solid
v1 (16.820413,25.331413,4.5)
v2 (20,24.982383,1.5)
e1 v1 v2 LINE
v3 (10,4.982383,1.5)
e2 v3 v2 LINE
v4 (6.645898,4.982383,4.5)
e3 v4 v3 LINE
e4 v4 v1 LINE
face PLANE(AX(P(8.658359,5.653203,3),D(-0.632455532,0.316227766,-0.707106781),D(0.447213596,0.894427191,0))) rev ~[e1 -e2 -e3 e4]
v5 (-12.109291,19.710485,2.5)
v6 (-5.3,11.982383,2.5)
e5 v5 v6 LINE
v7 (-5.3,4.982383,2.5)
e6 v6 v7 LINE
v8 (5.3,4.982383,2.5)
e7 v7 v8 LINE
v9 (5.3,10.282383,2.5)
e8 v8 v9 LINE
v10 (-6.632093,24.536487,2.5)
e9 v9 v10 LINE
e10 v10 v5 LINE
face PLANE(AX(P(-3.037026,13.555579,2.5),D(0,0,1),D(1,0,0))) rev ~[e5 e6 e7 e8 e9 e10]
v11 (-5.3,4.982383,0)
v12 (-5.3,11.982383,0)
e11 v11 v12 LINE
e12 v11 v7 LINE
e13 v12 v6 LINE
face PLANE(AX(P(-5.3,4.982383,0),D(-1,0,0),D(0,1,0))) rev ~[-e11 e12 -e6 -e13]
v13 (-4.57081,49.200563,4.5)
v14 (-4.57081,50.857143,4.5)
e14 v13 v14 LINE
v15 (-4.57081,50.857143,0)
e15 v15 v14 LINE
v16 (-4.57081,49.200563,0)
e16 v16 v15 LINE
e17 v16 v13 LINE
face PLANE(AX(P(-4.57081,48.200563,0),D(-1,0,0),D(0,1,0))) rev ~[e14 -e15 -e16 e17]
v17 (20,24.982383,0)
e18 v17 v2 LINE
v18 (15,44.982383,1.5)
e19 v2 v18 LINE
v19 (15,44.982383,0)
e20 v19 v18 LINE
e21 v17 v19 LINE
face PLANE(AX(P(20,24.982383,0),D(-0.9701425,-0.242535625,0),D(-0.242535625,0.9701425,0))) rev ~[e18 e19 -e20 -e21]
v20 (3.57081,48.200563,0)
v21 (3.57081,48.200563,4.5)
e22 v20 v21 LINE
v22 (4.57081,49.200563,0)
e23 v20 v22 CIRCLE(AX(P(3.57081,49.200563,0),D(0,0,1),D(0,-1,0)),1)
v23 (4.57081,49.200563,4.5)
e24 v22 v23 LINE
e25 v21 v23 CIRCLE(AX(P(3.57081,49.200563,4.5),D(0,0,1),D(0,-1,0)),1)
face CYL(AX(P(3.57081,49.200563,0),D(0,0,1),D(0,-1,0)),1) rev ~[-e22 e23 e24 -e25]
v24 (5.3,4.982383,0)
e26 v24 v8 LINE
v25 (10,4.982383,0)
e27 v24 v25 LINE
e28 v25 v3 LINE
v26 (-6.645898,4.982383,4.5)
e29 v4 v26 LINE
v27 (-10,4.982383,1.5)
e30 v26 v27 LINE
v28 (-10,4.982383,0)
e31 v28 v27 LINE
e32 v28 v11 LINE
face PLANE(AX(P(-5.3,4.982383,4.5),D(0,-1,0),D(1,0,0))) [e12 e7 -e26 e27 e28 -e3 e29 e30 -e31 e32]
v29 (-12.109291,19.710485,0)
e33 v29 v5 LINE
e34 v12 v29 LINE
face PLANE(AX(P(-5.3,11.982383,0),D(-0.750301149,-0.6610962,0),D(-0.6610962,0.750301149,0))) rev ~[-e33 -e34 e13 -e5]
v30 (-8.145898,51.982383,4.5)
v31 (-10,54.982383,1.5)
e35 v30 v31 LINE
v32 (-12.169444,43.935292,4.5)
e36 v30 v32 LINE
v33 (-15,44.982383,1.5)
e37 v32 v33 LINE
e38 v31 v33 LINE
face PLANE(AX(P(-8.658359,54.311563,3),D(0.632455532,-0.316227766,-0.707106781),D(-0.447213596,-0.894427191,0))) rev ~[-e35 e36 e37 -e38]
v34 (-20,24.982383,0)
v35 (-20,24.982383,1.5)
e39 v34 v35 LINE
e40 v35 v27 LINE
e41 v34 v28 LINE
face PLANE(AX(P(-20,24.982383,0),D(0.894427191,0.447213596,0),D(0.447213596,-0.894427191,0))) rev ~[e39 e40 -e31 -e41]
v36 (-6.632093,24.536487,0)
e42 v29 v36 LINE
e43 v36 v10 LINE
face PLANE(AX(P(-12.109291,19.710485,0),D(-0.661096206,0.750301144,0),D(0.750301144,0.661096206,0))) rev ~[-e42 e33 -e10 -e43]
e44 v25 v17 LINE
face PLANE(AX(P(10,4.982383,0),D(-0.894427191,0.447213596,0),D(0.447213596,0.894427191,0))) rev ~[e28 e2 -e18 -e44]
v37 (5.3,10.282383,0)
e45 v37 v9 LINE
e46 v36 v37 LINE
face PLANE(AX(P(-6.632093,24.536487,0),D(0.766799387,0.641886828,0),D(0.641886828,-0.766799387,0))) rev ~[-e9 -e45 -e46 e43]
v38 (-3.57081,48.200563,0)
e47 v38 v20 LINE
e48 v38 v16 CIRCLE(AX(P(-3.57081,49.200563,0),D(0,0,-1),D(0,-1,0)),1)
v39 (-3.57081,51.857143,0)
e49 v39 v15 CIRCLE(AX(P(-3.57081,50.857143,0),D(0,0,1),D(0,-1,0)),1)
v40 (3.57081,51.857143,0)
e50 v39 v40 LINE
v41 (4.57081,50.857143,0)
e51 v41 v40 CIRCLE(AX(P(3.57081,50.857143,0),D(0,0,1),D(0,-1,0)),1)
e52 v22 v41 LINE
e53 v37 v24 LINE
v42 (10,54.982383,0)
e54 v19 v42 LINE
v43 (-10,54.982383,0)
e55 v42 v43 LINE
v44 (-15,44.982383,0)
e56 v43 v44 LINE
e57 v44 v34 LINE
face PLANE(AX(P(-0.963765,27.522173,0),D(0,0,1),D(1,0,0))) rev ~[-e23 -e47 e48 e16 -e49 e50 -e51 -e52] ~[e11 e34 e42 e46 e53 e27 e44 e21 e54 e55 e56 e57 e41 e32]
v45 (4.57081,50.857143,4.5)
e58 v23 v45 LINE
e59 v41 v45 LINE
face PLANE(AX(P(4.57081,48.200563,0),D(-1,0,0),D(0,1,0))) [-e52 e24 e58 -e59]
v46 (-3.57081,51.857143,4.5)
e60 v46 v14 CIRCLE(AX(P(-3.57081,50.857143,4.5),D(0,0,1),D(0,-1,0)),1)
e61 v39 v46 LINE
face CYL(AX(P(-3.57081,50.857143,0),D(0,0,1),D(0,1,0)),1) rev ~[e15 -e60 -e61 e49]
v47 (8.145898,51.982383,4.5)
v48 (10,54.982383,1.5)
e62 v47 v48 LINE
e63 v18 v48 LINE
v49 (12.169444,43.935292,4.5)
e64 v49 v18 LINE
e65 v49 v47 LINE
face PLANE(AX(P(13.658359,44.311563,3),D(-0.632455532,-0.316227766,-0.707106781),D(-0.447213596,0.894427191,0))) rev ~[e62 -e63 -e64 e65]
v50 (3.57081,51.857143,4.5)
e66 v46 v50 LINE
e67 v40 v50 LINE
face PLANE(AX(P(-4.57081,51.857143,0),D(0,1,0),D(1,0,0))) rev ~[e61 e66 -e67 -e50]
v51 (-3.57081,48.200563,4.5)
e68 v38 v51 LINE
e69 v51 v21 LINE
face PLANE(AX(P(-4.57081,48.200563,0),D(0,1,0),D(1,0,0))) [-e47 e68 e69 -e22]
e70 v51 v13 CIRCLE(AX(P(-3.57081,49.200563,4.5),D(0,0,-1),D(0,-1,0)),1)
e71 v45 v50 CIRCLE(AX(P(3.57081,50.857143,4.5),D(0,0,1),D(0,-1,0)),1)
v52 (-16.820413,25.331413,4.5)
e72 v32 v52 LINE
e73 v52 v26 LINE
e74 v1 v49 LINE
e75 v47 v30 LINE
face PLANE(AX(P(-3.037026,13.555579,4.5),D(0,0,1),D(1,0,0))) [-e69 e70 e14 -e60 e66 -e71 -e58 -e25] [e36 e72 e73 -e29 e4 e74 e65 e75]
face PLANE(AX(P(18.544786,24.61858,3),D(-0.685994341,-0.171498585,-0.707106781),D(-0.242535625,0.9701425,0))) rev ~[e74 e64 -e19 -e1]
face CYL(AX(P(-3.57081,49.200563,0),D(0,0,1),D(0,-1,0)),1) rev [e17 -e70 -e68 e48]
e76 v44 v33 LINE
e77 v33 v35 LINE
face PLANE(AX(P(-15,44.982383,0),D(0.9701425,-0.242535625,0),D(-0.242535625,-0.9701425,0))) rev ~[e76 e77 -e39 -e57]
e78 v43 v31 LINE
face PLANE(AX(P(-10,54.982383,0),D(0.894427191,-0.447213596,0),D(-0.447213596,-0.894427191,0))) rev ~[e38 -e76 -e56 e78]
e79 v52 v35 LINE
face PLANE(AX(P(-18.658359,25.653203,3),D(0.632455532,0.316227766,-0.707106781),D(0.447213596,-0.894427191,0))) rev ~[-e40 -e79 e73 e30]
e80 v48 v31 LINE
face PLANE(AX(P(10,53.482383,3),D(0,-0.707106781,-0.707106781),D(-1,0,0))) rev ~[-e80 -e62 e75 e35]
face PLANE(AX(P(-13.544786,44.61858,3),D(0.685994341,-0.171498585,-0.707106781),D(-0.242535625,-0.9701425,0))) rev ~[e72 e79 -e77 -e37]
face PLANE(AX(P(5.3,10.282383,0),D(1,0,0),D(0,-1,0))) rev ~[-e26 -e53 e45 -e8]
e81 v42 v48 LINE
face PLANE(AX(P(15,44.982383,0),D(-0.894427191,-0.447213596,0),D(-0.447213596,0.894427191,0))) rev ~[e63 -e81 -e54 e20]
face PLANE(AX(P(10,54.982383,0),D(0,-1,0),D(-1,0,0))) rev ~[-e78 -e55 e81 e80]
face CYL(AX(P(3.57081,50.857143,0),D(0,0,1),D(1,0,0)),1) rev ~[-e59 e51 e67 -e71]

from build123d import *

# Parameters (mm, degrees)
F0_W     = 9.14162
F0_H     = 3.65658
F1_DEPTH = 4.5
F3_DEPTH = 2
F4_SIZE  = 3
F5_R     = 1


with BuildPart() as f1:
    # F0 (on Top) → F1 (new body)
    with BuildSketch(Plane.XY):
        Polygon((10, 54.982383), (-10, 54.982383), (-15, 44.982383), (-20, 24.982383), (-10, 4.982383), (-5.3, 4.982383), (-5.3, 11.982383), (-12.109291, 19.710485), (-6.632093, 24.536487), (5.3, 10.282383), (5.3, 4.982383), (10, 4.982383), (20, 24.982383), (15, 44.982383), align=None)
        with Locations((0, 50.028853)):
            Rectangle(F0_W, F0_H, mode=Mode.SUBTRACT)
    extrude(amount=F1_DEPTH)

    # F2 (on face) → F3 (join)
    with BuildSketch(Plane.XY.offset(4.5)):
        Polygon((-5.3, 11.982383), (-5.3, 4.982383), (5.3, 4.982383), (5.3, 10.282383), (-6.632093, 24.536487), (-12.109291, 19.710485), align=None)
    extrude(amount=-F3_DEPTH)

    # F4
    f4_edges = [f1.edges().sort_by_distance(p)[0] for p in [
        (-15, 14.982383, 4.5),
        (-17.5, 34.982383, 4.5),
        (0, 54.982383, 4.5),
        (12.5, 49.982383, 4.5),
        (17.5, 34.982383, 4.5),
        (15, 14.982383, 4.5),
        (-12.5, 49.982383, 4.5),
    ]]
    chamfer(f4_edges, length=F4_SIZE)

    # F5
    f5_edges = [f1.edges().sort_by_distance(p)[0] for p in [
        (-4.57081, 48.200563, 2.25),
        (-4.57081, 51.857143, 2.25),
        (4.57081, 51.857143, 2.25),
        (4.57081, 48.200563, 2.25),
    ]]
    fillet(f5_edges, radius=F5_R)


solid = f1.part
